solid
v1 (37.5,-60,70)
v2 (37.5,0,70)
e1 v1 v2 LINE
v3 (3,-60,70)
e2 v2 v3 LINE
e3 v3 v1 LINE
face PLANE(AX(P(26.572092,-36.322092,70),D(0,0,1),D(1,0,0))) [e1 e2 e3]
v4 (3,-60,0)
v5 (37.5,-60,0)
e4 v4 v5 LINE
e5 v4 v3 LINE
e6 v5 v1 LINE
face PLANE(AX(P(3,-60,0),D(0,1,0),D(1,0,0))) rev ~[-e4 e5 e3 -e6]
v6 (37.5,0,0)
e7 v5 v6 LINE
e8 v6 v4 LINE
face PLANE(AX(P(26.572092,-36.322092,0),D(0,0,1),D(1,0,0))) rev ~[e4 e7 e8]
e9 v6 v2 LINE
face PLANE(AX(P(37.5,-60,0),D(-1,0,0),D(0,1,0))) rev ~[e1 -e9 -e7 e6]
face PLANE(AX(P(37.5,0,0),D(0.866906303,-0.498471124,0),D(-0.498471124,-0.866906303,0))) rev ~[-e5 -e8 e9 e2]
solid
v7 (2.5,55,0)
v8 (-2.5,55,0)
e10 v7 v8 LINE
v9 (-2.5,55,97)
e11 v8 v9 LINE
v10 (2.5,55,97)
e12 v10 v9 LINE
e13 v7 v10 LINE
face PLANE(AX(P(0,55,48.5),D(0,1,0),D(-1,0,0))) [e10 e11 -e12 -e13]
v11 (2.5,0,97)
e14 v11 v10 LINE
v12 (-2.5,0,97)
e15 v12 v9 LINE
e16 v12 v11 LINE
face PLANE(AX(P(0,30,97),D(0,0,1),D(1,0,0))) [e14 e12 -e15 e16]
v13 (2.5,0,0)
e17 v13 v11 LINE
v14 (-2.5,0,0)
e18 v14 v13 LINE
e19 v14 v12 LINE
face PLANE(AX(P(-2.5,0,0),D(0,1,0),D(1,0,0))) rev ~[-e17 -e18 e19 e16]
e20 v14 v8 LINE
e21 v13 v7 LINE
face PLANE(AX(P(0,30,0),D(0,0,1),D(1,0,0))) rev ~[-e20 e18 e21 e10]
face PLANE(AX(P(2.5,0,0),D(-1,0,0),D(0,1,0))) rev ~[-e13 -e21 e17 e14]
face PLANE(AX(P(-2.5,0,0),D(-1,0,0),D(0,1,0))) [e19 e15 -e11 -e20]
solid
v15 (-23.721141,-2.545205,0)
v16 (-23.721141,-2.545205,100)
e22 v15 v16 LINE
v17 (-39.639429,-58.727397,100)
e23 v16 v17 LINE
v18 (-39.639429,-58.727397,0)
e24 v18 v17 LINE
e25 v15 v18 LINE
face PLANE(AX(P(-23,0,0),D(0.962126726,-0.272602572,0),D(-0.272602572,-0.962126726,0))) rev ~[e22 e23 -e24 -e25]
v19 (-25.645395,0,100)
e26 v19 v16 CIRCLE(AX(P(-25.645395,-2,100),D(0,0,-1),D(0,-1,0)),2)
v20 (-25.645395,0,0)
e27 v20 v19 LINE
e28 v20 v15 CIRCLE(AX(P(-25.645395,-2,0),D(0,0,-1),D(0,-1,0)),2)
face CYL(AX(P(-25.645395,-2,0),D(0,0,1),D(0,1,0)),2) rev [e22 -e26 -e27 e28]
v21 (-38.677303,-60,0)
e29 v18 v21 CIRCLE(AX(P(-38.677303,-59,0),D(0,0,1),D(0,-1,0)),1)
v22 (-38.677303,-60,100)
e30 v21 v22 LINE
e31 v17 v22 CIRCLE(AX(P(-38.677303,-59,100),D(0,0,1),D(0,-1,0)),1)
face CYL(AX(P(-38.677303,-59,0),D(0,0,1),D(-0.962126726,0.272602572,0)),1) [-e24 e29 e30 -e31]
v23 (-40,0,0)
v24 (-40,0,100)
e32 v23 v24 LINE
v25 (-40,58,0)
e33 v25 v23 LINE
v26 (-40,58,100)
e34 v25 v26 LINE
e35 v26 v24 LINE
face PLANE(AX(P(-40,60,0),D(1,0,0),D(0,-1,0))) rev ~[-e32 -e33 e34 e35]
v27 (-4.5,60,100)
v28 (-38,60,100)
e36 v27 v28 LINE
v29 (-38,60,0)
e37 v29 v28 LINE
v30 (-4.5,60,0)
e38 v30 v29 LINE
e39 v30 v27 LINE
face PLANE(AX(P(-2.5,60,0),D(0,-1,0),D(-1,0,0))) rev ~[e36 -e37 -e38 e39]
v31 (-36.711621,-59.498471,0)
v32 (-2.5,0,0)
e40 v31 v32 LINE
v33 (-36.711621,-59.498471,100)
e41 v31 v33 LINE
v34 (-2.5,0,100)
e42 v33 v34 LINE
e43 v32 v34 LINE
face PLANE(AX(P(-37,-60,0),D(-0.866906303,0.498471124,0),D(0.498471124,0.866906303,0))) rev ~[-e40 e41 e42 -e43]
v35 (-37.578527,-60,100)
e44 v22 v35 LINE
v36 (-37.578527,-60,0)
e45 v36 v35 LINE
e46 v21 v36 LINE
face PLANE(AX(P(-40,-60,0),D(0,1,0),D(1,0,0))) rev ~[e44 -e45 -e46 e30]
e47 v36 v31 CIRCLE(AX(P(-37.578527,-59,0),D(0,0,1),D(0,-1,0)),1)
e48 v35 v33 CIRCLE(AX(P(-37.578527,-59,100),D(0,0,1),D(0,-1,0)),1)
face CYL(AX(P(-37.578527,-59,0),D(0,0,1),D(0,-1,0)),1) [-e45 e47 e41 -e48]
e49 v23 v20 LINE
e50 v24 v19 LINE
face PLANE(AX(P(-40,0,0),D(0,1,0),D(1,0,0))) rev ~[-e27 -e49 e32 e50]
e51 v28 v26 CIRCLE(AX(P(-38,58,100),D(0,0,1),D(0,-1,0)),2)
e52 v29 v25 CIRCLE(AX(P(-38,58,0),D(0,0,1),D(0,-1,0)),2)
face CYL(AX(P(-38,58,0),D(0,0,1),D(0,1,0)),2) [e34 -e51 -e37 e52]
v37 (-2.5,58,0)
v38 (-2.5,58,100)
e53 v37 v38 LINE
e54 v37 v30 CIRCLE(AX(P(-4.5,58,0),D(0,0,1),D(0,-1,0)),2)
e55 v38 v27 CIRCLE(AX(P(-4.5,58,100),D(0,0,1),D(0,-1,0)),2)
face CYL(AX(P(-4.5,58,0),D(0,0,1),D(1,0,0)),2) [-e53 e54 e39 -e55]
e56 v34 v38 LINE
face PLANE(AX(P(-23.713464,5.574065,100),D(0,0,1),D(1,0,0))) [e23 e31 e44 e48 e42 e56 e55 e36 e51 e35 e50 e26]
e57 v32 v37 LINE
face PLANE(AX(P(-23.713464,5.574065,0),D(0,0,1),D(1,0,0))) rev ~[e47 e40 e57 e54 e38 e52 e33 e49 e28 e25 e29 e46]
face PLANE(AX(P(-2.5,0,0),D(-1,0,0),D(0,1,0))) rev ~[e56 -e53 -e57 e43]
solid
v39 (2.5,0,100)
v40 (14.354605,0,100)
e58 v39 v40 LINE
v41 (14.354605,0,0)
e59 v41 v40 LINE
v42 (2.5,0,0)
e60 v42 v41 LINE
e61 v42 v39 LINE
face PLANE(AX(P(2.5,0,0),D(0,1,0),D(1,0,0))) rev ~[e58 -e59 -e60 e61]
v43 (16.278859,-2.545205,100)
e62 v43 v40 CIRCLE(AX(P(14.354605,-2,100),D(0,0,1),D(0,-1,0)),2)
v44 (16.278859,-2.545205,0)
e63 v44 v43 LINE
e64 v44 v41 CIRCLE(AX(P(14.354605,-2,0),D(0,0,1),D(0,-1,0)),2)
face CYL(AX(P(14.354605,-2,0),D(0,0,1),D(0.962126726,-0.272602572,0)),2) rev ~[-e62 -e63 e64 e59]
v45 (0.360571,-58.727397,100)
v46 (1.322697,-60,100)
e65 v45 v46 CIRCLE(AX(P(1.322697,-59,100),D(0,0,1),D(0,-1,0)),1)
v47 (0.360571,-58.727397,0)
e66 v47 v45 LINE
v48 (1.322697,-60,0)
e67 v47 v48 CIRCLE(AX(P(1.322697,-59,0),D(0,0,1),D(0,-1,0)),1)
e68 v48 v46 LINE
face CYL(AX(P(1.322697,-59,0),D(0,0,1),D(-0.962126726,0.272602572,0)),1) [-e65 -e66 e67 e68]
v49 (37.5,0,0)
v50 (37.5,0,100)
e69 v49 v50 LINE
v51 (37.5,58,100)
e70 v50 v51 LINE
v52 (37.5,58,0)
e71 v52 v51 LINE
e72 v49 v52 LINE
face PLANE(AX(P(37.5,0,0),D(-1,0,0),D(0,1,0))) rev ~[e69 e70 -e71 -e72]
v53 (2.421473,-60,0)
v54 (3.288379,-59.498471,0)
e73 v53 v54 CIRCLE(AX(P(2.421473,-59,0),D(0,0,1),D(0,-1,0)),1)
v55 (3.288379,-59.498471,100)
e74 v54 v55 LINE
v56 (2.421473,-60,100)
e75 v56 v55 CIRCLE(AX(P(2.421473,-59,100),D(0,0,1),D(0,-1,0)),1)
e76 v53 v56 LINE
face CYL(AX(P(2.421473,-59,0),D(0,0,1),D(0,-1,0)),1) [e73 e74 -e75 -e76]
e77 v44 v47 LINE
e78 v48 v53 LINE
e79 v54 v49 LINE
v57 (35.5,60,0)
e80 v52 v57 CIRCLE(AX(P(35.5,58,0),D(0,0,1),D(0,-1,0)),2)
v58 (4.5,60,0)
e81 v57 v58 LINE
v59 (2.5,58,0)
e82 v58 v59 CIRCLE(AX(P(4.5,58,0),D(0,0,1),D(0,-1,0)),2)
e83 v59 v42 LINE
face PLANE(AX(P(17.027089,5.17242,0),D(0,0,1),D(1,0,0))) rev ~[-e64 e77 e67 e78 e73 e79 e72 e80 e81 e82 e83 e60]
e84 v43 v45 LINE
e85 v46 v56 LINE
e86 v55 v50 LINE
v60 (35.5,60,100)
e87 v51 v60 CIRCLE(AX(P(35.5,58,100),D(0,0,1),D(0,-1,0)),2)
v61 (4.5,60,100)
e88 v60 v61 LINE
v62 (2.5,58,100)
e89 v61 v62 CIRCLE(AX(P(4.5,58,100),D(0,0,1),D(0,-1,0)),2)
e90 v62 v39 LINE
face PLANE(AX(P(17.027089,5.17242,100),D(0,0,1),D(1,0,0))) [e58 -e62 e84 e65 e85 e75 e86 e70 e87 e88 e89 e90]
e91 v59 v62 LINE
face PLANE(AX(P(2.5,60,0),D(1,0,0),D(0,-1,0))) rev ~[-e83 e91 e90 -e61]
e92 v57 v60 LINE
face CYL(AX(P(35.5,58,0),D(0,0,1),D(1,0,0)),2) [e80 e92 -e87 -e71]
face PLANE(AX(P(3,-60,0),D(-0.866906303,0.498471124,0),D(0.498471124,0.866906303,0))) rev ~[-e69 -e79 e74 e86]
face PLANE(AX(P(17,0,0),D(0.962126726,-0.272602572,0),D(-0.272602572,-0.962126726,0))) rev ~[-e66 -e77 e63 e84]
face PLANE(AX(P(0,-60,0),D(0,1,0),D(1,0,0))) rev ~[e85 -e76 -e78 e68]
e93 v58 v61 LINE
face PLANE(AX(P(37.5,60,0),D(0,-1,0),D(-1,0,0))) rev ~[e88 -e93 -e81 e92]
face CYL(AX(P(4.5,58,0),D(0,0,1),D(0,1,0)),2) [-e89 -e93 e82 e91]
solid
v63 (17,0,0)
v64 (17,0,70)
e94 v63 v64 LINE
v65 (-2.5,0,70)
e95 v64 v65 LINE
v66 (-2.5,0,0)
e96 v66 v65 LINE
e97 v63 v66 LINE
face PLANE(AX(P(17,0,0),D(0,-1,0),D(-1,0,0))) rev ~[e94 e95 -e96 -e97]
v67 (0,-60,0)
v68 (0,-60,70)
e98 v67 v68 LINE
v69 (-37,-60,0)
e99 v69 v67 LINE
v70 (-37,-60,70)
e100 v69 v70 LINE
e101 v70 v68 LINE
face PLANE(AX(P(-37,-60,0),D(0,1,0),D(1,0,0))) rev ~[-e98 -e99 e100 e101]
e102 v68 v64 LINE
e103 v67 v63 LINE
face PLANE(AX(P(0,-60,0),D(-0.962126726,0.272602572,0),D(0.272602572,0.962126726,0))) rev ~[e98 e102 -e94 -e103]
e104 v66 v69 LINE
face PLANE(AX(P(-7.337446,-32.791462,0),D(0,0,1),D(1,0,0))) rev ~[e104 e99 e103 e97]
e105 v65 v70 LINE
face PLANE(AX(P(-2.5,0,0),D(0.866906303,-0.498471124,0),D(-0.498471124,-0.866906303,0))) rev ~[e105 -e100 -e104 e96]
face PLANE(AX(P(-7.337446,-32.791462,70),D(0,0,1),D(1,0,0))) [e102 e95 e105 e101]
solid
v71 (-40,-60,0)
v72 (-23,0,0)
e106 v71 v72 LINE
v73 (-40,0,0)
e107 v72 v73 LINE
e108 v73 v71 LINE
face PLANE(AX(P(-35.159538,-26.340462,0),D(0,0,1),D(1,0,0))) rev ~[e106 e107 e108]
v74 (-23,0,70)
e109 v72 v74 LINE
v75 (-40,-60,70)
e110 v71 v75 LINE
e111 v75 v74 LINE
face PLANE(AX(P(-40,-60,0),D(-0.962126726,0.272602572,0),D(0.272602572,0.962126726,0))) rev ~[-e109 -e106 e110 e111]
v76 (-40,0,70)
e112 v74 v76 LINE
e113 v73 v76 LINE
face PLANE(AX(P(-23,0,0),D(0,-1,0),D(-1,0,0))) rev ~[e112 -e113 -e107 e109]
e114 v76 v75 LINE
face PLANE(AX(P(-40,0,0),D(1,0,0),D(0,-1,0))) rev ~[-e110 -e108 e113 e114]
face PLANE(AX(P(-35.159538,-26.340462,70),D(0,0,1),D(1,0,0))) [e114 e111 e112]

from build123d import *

# Parameters (mm, degrees)
F1_DEPTH  = 100
F2_DEPTH  = 70
F0_W      = 5
F0_H      = 60
F3_DEPTH  = 97
F3_FACE_W = 5
F3_FACE_H = 97
F4_DEPTH  = 5
F5_R      = 2
F6_R      = 2
F7_R      = 2
F8_R      = 2
F9_R      = 1
F10_R     = 1
F11_R     = 1


with BuildPart() as f1:
    # F0 (on Top) → F1 (new body)
    with BuildSketch(Plane.XY):
        Polygon((-2.5, 0), (-2.5, 60), (-40, 60), (-40, 0), (-23, 0), (-40, -60), (-37, -60), align=None)
        Polygon((37.5, 0), (37.5, 60), (2.5, 60), (2.5, 0), (17, 0), (0, -60), (3, -60), align=None)
    extrude(amount=F1_DEPTH)

    # F5
    f5_edges = [f1.edges().sort_by_distance(p)[0] for p in [
        (-2.5, 60, 50),
    ]]
    fillet(f5_edges, radius=F5_R)

    # F6
    f6_edges = [f1.edges().sort_by_distance(p)[0] for p in [
        (-40, 60, 50),
    ]]
    fillet(f6_edges, radius=F6_R)

    # F7
    f7_edges = [f1.edges().sort_by_distance(p)[0] for p in [
        (2.5, 60, 50),
        (37.5, 60, 50),
    ]]
    fillet(f7_edges, radius=F7_R)

    # F8
    f8_edges = [f1.edges().sort_by_distance(p)[0] for p in [
        (-23, 0, 50),
        (17, 0, 50),
    ]]
    fillet(f8_edges, radius=F8_R)

    # F9
    f9_edges = [f1.edges().sort_by_distance(p)[0] for p in [
        (-40, -60, 50),
    ]]
    fillet(f9_edges, radius=F9_R)

    # F10
    f10_edges = [f1.edges().sort_by_distance(p)[0] for p in [
        (0, -60, 50),
    ]]
    fillet(f10_edges, radius=F10_R)

    # F11
    f11_edges = [f1.edges().sort_by_distance(p)[0] for p in [
        (-37, -60, 50),
        (3, -60, 50),
    ]]
    fillet(f11_edges, radius=F11_R)


with BuildPart() as f2:
    # F0 (on Top) → F2 (new body)
    with BuildSketch(Plane.XY):
        Polygon((-23, 0), (-40, 0), (-40, -60), align=None)
        Polygon((17, 0), (2.5, 0), (-2.5, 0), (-37, -60), (0, -60), align=None)
        Polygon((37.5, -60), (37.5, 0), (3, -60), align=None)
    extrude(amount=F2_DEPTH)


with BuildPart() as f3:
    # F0 (on Top) → F3 (new body)
    with BuildSketch(Plane.XY):
        with Locations((0, 30)):
            Rectangle(F0_W, F0_H)
    extrude(amount=F3_DEPTH)

    # F3_face (on face) → F4 (cut)
    with BuildSketch(Plane(origin=(0, 60, 48.5), x_dir=(-1, 0, 0), z_dir=(0, 1, 0))):
        Rectangle(F3_FACE_W, F3_FACE_H)
    extrude(amount=-F4_DEPTH, mode=Mode.SUBTRACT)


solid = Compound([f1.part, f2.part, f3.part])
